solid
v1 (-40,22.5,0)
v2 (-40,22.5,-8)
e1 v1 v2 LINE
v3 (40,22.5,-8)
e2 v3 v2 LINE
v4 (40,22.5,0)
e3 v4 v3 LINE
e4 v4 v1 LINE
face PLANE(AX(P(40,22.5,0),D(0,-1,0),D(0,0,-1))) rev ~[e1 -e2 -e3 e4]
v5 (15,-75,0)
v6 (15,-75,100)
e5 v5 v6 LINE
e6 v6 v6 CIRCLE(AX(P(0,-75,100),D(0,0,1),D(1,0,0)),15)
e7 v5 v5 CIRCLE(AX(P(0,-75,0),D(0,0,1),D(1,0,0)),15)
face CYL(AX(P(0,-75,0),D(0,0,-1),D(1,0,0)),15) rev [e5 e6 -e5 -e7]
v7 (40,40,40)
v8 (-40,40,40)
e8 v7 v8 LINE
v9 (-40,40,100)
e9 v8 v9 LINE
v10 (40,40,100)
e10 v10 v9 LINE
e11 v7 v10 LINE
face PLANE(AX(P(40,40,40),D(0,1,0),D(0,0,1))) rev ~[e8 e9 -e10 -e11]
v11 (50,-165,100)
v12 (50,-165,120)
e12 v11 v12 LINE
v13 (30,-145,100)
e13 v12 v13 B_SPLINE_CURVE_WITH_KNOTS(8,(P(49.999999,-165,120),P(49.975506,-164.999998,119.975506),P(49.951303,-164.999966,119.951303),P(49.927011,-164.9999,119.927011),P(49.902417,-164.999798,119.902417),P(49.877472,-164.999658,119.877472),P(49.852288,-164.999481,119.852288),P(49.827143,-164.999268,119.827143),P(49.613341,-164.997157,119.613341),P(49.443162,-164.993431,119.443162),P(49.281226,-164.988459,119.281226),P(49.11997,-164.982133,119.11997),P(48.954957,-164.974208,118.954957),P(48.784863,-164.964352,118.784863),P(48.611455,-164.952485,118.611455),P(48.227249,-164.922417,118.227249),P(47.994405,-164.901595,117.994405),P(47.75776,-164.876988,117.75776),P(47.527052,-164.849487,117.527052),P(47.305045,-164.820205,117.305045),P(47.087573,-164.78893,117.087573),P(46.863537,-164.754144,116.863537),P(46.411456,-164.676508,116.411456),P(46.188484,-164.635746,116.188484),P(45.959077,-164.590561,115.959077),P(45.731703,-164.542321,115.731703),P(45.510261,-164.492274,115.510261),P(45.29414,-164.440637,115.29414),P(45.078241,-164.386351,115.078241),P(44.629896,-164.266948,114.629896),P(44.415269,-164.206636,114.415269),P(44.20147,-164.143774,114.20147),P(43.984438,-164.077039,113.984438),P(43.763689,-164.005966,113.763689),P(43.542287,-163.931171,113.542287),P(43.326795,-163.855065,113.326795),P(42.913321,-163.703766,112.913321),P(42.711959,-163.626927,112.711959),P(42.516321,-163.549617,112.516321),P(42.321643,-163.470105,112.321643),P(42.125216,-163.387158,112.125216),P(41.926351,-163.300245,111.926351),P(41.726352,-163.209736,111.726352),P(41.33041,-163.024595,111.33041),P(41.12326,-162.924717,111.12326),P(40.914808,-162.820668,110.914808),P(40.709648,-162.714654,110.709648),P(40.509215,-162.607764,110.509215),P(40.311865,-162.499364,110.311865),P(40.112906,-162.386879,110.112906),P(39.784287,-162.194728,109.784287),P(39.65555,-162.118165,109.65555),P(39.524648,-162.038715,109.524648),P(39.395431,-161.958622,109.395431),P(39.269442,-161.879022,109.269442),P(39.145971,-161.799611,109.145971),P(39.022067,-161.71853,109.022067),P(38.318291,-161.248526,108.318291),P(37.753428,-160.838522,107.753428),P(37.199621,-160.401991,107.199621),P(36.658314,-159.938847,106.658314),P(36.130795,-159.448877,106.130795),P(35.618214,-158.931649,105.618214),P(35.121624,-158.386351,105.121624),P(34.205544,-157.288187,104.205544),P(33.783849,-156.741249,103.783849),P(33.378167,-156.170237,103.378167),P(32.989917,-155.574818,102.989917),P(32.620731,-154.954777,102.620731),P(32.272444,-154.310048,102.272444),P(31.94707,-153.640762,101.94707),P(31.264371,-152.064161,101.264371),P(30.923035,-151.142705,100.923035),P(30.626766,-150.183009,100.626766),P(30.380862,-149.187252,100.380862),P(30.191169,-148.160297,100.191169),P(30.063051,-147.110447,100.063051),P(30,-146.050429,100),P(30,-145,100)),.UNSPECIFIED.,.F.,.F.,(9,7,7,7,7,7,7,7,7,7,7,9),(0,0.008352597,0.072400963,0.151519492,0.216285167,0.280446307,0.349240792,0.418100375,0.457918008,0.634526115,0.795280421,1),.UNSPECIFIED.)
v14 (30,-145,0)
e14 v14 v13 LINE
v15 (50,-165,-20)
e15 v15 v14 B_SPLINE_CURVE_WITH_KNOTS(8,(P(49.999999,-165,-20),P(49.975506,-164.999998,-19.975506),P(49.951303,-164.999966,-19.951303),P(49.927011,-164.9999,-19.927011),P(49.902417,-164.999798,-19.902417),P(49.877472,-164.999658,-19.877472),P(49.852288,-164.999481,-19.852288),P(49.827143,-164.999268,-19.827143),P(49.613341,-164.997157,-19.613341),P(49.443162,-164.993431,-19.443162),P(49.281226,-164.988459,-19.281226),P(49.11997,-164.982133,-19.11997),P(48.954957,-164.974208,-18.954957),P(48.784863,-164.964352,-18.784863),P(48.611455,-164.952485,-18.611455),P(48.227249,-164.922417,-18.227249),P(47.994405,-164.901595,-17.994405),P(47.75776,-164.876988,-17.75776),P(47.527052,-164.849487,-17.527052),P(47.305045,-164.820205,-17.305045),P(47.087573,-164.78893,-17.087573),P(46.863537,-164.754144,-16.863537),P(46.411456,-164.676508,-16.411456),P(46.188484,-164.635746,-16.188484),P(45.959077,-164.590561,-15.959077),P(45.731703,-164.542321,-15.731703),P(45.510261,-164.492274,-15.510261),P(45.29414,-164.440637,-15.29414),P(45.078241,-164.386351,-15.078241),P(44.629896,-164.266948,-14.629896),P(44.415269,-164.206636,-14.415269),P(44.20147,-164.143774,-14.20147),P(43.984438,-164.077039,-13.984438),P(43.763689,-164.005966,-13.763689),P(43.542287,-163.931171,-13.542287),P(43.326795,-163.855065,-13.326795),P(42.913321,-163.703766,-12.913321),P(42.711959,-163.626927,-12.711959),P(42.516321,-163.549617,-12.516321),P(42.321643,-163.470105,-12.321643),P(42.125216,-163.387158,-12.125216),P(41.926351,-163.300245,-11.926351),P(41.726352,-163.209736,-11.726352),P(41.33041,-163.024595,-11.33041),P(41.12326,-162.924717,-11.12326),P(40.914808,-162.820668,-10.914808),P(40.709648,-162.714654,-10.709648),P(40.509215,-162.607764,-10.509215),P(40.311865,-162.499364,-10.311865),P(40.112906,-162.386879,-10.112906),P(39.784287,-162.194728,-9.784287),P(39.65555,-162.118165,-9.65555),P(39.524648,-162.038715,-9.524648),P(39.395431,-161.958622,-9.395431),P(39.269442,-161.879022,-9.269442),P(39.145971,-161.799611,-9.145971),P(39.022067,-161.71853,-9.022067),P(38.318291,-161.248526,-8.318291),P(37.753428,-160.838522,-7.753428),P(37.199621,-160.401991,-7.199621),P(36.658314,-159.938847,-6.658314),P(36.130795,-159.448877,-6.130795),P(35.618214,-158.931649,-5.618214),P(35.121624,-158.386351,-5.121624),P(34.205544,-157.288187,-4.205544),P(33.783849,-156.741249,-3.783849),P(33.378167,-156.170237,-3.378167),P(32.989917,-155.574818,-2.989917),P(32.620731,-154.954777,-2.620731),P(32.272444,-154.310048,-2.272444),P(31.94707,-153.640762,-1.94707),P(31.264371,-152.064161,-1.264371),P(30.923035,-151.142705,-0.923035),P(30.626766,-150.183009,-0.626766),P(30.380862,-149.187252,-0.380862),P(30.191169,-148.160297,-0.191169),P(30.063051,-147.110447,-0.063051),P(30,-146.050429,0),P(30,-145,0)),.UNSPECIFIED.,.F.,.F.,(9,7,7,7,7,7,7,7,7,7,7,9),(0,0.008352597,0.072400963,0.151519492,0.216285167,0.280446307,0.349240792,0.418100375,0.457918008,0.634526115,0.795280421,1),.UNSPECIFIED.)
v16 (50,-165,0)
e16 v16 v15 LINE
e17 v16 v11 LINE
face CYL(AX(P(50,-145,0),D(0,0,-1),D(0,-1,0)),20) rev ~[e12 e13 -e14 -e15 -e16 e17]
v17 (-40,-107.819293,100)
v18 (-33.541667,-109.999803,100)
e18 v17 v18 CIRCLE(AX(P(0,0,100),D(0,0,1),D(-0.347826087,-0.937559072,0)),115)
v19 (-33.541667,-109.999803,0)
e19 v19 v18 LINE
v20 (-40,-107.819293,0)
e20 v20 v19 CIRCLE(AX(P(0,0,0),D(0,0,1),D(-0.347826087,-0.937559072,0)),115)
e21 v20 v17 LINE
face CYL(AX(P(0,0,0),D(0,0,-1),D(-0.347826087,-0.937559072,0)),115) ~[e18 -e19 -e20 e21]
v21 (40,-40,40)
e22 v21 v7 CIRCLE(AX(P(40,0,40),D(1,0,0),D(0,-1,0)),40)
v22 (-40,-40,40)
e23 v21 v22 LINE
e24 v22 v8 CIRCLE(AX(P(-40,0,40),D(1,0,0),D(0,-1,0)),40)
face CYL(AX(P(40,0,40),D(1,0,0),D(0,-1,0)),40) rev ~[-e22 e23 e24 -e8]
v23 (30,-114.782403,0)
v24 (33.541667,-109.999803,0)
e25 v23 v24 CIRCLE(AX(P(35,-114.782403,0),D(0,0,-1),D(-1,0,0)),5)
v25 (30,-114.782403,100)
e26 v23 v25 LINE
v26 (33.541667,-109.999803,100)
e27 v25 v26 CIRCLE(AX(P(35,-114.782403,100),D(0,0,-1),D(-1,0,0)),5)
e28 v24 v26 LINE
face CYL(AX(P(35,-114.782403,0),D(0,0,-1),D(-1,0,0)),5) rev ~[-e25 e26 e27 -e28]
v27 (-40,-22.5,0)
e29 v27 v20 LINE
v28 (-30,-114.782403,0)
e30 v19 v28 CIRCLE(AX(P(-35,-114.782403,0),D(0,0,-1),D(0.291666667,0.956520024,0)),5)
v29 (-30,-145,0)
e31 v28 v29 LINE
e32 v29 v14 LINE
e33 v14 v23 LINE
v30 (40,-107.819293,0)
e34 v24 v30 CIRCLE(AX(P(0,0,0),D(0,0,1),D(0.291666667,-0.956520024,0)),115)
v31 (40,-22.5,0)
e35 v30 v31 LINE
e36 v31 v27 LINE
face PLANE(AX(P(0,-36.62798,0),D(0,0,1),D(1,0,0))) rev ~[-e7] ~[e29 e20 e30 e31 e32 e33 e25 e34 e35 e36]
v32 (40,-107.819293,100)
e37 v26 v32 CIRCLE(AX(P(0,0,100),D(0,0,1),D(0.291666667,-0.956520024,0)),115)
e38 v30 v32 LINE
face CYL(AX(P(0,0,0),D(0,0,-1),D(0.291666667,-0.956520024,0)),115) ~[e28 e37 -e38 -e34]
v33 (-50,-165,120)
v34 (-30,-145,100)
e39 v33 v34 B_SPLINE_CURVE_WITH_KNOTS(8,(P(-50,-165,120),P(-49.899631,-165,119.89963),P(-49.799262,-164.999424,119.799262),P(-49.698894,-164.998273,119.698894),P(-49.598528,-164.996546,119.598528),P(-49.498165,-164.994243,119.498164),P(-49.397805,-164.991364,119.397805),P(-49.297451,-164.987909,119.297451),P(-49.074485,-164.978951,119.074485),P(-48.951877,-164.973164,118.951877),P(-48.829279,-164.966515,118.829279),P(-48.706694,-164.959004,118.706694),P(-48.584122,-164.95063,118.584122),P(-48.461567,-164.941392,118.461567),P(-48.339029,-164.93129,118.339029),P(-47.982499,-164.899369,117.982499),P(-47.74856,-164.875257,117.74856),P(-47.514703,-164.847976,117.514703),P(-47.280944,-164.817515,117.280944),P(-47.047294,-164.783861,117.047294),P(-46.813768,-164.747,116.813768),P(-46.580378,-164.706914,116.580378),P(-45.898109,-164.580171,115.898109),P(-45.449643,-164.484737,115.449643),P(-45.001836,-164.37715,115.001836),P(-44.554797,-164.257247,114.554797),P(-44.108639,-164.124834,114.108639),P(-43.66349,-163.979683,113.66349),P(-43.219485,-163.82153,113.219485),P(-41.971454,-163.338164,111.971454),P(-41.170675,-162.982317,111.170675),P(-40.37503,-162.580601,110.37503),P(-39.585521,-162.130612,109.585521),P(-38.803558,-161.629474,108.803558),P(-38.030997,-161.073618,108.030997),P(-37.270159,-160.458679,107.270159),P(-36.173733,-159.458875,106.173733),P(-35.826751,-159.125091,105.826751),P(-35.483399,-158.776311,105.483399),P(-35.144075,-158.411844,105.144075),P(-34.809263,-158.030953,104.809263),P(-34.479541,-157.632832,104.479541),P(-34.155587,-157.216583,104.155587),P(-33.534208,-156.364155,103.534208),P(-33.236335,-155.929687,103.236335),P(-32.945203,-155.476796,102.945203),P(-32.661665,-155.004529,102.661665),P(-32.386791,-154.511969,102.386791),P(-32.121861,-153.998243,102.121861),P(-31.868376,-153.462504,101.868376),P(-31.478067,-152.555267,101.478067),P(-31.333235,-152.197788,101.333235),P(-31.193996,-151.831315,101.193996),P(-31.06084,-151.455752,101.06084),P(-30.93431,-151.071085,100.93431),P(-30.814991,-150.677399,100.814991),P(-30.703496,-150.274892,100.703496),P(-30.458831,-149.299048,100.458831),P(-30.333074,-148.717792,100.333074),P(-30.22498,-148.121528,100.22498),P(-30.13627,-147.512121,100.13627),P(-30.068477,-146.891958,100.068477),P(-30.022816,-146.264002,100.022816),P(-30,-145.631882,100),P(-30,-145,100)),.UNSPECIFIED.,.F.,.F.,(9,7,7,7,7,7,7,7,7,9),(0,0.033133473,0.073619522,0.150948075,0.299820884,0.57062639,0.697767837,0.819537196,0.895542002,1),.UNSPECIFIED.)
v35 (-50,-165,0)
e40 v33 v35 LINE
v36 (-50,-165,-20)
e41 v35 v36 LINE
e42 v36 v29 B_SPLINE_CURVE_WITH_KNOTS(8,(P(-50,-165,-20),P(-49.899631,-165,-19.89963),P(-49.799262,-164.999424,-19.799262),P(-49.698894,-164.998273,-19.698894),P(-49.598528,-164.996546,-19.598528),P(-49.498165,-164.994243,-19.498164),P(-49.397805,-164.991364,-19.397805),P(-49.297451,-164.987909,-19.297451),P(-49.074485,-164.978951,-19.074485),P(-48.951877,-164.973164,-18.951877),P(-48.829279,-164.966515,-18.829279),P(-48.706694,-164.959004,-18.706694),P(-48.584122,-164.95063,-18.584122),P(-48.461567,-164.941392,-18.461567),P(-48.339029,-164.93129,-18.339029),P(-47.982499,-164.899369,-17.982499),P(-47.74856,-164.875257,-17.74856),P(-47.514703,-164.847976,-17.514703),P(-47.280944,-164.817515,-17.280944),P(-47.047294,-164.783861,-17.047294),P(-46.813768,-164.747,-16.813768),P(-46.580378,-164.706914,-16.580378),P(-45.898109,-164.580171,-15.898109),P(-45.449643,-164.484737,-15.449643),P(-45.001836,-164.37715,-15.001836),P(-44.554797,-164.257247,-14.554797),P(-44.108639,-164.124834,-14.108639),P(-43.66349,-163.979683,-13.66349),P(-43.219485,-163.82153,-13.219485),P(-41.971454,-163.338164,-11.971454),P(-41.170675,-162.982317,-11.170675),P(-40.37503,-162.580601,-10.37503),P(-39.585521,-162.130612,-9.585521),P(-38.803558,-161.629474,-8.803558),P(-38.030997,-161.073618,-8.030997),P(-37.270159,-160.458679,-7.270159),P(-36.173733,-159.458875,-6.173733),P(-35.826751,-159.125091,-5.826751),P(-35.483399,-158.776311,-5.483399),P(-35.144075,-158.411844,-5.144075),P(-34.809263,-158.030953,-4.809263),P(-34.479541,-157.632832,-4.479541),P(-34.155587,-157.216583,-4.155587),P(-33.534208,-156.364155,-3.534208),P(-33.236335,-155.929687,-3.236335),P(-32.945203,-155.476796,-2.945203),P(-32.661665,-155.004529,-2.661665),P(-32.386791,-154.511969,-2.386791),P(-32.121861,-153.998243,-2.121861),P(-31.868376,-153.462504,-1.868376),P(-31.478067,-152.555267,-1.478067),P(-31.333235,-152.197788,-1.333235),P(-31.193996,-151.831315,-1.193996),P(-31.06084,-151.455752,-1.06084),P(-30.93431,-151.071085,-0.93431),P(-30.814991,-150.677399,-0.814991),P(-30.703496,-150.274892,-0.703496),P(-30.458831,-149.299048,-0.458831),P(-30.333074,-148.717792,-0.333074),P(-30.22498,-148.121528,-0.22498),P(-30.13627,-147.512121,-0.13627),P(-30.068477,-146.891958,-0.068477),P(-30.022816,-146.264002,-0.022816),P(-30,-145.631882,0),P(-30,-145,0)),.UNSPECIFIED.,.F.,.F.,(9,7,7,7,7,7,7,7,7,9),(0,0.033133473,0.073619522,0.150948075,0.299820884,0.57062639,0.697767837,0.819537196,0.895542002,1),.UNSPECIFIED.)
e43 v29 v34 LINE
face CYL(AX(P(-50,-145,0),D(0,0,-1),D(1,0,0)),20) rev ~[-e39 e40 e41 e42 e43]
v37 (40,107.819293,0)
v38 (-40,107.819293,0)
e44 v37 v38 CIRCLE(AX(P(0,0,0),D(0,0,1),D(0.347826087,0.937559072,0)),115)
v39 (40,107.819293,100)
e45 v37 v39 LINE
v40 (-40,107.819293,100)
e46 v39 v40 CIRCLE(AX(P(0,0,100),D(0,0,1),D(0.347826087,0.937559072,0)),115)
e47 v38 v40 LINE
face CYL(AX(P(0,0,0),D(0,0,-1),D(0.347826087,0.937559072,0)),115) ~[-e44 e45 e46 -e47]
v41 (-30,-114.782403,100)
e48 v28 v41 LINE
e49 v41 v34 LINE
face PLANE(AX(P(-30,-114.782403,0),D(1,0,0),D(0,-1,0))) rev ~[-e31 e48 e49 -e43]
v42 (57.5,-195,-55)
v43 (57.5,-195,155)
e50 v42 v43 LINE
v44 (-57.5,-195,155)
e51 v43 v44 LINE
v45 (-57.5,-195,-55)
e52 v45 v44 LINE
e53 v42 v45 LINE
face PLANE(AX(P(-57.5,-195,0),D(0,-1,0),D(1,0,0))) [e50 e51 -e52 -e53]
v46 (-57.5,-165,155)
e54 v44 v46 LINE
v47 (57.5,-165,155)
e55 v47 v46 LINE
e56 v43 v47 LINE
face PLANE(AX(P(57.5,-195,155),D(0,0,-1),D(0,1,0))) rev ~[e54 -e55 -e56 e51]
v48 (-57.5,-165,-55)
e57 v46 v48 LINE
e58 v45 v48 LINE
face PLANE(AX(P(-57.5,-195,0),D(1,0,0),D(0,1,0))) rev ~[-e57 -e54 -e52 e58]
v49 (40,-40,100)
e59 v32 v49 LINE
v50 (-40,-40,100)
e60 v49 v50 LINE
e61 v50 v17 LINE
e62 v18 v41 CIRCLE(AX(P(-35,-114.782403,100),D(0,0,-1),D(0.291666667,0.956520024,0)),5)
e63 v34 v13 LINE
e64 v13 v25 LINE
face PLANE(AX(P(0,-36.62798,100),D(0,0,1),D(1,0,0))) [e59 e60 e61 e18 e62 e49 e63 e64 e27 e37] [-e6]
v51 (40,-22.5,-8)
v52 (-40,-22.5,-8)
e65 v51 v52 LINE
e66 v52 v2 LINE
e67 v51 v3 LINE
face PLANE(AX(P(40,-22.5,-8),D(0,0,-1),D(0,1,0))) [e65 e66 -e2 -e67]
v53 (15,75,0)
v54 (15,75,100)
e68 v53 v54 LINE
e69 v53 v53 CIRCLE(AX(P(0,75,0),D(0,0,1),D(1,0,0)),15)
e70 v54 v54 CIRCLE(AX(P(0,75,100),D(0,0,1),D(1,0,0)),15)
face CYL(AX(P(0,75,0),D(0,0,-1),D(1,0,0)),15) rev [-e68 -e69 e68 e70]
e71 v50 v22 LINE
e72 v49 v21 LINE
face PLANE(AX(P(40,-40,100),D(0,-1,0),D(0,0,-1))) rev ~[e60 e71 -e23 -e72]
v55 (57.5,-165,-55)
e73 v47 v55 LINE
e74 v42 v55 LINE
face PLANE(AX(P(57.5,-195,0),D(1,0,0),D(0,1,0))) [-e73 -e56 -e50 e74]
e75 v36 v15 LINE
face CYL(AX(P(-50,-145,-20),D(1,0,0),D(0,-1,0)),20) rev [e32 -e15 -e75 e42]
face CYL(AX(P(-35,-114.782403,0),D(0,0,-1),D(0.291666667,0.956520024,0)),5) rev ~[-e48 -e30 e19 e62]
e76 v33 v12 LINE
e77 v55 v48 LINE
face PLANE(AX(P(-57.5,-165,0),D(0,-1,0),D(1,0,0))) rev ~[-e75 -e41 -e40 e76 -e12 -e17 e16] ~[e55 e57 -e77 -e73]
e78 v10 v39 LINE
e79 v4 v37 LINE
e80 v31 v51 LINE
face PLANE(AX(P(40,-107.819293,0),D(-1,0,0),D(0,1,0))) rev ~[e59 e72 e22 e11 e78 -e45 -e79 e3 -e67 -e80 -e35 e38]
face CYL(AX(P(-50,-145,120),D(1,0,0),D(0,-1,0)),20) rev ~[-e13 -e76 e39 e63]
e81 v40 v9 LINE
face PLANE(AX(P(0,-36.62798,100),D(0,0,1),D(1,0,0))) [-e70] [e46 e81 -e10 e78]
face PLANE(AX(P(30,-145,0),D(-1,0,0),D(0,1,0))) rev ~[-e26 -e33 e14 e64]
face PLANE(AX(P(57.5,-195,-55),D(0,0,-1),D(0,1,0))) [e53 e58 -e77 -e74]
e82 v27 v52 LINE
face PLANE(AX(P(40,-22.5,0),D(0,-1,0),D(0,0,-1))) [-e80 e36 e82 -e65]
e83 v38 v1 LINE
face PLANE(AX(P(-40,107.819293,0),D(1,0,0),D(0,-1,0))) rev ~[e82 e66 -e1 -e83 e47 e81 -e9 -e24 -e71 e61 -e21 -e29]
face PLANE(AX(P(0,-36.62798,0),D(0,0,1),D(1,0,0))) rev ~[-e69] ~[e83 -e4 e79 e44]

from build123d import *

# Parameters (mm, degrees)
SKETCH1_R           = 15
BOSS_EXTRUDE2_DEPTH = 100
SKETCH3_W           = 115
SKETCH3_H           = 30
BOSS_EXTRUDE3_DEPTH = 160
SKETCH4_W           = 5
SKETCH4_H           = 30
SKETCH4_W_2         = 105
CUT_EXTRUDE1_DEPTH  = 320
FILLET5_R           = 20
FILLET6_R           = 20
SKETCH6_W           = 8
SKETCH6_H           = 45
BOSS_EXTRUDE4_DEPTH = 80
CUT_EXTRUDE2_DEPTH  = 80


with BuildPart() as part:
    # Sketch1 → Boss-Extrude2 (new body)
    with BuildSketch(Plane.XY):
        with BuildLine():
            ThreePointArc((33.541666667, -109.999802714), (36.786992802, -108.957409847), (40, -107.819293264))
            Line((40, -107.819293264), (40, 107.819293264))
            ThreePointArc((40, 107.819293264), (0, 115), (-40, 107.819293264))
            Line((-40, 107.819293264), (-40, -107.819293264))
            ThreePointArc((-40, -107.819293264), (-36.786992802, -108.957409847), (-33.541666667, -109.999802714))
            ThreePointArc((-33.541666667, -109.999802714), (-30.981812183, -111.806807654), (-30, -114.782402832))
            Line((-30, -114.782402832), (-30, -145))
            ThreePointArc((-30, -145), (-35.857864376, -159.142135624), (-50, -165))
            Line((-50, -165), (-30, -165))
            Line((-30, -165), (30, -165))
            Line((30, -165), (50, -165))
            ThreePointArc((50, -165), (35.857864376, -159.142135624), (30, -145))
            Line((30, -145), (30, -114.782402832))
            ThreePointArc((30, -114.782402832), (30.981812183, -111.806807654), (33.541666667, -109.999802714))
        make_face()
        with Locations((0, -75)):
            Circle(SKETCH1_R, mode=Mode.SUBTRACT)
        with Locations((0, 75)):
            Circle(SKETCH1_R, mode=Mode.SUBTRACT)
    extrude(amount=BOSS_EXTRUDE2_DEPTH)

    # Sketch3 → Boss-Extrude3 (add, symmetric)
    with BuildSketch(Plane.XY):
        with Locations((0, -180)):
            Rectangle(SKETCH3_W, SKETCH3_H)
    extrude(amount=BOSS_EXTRUDE3_DEPTH, both=True)

    # Sketch4 → Cut-Extrude1 (cut)
    with BuildSketch(Plane(origin=(57.5, 0, 0), x_dir=(0, 0, -1), z_dir=(1, 0, 0))):
        with Locations((-157.5, -180)):
            Rectangle(SKETCH4_W, SKETCH4_H)
        with Locations((107.5, -180)):
            Rectangle(SKETCH4_W_2, SKETCH4_H)
    extrude(amount=-CUT_EXTRUDE1_DEPTH, mode=Mode.SUBTRACT)

    # Fillet5
    fillet5_edges = [part.edges().sort_by_distance(p)[0] for p in [
        (0, -165, 100),
    ]]
    fillet(fillet5_edges, radius=FILLET5_R)

    # Fillet6
    fillet6_edges = [part.edges().sort_by_distance(p)[0] for p in [
        (0, -165, 0),
    ]]
    fillet(fillet6_edges, radius=FILLET6_R)

    # Sketch6 → Boss-Extrude4 (add)
    with BuildSketch(Plane(origin=(40, 0, 0), x_dir=(0, 0, -1), z_dir=(1, 0, 0))):
        with Locations((4, 0)):
            Rectangle(SKETCH6_W, SKETCH6_H)
    extrude(amount=-BOSS_EXTRUDE4_DEPTH)

    # Sketch7 → Cut-Extrude2 (cut)
    with BuildSketch(Plane(origin=(40, 0, 0), x_dir=(0, 0, -1), z_dir=(1, 0, 0))):
        with BuildLine():
            Line((-40, 40), (-100, 40))
            Line((-100, 40), (-100, -40))
            Line((-100, -40), (-40, -40))
            ThreePointArc((-40, -40), (0, 0), (-40, 40))
        make_face()
    extrude(amount=-CUT_EXTRUDE2_DEPTH, mode=Mode.SUBTRACT)


solid = part.part
